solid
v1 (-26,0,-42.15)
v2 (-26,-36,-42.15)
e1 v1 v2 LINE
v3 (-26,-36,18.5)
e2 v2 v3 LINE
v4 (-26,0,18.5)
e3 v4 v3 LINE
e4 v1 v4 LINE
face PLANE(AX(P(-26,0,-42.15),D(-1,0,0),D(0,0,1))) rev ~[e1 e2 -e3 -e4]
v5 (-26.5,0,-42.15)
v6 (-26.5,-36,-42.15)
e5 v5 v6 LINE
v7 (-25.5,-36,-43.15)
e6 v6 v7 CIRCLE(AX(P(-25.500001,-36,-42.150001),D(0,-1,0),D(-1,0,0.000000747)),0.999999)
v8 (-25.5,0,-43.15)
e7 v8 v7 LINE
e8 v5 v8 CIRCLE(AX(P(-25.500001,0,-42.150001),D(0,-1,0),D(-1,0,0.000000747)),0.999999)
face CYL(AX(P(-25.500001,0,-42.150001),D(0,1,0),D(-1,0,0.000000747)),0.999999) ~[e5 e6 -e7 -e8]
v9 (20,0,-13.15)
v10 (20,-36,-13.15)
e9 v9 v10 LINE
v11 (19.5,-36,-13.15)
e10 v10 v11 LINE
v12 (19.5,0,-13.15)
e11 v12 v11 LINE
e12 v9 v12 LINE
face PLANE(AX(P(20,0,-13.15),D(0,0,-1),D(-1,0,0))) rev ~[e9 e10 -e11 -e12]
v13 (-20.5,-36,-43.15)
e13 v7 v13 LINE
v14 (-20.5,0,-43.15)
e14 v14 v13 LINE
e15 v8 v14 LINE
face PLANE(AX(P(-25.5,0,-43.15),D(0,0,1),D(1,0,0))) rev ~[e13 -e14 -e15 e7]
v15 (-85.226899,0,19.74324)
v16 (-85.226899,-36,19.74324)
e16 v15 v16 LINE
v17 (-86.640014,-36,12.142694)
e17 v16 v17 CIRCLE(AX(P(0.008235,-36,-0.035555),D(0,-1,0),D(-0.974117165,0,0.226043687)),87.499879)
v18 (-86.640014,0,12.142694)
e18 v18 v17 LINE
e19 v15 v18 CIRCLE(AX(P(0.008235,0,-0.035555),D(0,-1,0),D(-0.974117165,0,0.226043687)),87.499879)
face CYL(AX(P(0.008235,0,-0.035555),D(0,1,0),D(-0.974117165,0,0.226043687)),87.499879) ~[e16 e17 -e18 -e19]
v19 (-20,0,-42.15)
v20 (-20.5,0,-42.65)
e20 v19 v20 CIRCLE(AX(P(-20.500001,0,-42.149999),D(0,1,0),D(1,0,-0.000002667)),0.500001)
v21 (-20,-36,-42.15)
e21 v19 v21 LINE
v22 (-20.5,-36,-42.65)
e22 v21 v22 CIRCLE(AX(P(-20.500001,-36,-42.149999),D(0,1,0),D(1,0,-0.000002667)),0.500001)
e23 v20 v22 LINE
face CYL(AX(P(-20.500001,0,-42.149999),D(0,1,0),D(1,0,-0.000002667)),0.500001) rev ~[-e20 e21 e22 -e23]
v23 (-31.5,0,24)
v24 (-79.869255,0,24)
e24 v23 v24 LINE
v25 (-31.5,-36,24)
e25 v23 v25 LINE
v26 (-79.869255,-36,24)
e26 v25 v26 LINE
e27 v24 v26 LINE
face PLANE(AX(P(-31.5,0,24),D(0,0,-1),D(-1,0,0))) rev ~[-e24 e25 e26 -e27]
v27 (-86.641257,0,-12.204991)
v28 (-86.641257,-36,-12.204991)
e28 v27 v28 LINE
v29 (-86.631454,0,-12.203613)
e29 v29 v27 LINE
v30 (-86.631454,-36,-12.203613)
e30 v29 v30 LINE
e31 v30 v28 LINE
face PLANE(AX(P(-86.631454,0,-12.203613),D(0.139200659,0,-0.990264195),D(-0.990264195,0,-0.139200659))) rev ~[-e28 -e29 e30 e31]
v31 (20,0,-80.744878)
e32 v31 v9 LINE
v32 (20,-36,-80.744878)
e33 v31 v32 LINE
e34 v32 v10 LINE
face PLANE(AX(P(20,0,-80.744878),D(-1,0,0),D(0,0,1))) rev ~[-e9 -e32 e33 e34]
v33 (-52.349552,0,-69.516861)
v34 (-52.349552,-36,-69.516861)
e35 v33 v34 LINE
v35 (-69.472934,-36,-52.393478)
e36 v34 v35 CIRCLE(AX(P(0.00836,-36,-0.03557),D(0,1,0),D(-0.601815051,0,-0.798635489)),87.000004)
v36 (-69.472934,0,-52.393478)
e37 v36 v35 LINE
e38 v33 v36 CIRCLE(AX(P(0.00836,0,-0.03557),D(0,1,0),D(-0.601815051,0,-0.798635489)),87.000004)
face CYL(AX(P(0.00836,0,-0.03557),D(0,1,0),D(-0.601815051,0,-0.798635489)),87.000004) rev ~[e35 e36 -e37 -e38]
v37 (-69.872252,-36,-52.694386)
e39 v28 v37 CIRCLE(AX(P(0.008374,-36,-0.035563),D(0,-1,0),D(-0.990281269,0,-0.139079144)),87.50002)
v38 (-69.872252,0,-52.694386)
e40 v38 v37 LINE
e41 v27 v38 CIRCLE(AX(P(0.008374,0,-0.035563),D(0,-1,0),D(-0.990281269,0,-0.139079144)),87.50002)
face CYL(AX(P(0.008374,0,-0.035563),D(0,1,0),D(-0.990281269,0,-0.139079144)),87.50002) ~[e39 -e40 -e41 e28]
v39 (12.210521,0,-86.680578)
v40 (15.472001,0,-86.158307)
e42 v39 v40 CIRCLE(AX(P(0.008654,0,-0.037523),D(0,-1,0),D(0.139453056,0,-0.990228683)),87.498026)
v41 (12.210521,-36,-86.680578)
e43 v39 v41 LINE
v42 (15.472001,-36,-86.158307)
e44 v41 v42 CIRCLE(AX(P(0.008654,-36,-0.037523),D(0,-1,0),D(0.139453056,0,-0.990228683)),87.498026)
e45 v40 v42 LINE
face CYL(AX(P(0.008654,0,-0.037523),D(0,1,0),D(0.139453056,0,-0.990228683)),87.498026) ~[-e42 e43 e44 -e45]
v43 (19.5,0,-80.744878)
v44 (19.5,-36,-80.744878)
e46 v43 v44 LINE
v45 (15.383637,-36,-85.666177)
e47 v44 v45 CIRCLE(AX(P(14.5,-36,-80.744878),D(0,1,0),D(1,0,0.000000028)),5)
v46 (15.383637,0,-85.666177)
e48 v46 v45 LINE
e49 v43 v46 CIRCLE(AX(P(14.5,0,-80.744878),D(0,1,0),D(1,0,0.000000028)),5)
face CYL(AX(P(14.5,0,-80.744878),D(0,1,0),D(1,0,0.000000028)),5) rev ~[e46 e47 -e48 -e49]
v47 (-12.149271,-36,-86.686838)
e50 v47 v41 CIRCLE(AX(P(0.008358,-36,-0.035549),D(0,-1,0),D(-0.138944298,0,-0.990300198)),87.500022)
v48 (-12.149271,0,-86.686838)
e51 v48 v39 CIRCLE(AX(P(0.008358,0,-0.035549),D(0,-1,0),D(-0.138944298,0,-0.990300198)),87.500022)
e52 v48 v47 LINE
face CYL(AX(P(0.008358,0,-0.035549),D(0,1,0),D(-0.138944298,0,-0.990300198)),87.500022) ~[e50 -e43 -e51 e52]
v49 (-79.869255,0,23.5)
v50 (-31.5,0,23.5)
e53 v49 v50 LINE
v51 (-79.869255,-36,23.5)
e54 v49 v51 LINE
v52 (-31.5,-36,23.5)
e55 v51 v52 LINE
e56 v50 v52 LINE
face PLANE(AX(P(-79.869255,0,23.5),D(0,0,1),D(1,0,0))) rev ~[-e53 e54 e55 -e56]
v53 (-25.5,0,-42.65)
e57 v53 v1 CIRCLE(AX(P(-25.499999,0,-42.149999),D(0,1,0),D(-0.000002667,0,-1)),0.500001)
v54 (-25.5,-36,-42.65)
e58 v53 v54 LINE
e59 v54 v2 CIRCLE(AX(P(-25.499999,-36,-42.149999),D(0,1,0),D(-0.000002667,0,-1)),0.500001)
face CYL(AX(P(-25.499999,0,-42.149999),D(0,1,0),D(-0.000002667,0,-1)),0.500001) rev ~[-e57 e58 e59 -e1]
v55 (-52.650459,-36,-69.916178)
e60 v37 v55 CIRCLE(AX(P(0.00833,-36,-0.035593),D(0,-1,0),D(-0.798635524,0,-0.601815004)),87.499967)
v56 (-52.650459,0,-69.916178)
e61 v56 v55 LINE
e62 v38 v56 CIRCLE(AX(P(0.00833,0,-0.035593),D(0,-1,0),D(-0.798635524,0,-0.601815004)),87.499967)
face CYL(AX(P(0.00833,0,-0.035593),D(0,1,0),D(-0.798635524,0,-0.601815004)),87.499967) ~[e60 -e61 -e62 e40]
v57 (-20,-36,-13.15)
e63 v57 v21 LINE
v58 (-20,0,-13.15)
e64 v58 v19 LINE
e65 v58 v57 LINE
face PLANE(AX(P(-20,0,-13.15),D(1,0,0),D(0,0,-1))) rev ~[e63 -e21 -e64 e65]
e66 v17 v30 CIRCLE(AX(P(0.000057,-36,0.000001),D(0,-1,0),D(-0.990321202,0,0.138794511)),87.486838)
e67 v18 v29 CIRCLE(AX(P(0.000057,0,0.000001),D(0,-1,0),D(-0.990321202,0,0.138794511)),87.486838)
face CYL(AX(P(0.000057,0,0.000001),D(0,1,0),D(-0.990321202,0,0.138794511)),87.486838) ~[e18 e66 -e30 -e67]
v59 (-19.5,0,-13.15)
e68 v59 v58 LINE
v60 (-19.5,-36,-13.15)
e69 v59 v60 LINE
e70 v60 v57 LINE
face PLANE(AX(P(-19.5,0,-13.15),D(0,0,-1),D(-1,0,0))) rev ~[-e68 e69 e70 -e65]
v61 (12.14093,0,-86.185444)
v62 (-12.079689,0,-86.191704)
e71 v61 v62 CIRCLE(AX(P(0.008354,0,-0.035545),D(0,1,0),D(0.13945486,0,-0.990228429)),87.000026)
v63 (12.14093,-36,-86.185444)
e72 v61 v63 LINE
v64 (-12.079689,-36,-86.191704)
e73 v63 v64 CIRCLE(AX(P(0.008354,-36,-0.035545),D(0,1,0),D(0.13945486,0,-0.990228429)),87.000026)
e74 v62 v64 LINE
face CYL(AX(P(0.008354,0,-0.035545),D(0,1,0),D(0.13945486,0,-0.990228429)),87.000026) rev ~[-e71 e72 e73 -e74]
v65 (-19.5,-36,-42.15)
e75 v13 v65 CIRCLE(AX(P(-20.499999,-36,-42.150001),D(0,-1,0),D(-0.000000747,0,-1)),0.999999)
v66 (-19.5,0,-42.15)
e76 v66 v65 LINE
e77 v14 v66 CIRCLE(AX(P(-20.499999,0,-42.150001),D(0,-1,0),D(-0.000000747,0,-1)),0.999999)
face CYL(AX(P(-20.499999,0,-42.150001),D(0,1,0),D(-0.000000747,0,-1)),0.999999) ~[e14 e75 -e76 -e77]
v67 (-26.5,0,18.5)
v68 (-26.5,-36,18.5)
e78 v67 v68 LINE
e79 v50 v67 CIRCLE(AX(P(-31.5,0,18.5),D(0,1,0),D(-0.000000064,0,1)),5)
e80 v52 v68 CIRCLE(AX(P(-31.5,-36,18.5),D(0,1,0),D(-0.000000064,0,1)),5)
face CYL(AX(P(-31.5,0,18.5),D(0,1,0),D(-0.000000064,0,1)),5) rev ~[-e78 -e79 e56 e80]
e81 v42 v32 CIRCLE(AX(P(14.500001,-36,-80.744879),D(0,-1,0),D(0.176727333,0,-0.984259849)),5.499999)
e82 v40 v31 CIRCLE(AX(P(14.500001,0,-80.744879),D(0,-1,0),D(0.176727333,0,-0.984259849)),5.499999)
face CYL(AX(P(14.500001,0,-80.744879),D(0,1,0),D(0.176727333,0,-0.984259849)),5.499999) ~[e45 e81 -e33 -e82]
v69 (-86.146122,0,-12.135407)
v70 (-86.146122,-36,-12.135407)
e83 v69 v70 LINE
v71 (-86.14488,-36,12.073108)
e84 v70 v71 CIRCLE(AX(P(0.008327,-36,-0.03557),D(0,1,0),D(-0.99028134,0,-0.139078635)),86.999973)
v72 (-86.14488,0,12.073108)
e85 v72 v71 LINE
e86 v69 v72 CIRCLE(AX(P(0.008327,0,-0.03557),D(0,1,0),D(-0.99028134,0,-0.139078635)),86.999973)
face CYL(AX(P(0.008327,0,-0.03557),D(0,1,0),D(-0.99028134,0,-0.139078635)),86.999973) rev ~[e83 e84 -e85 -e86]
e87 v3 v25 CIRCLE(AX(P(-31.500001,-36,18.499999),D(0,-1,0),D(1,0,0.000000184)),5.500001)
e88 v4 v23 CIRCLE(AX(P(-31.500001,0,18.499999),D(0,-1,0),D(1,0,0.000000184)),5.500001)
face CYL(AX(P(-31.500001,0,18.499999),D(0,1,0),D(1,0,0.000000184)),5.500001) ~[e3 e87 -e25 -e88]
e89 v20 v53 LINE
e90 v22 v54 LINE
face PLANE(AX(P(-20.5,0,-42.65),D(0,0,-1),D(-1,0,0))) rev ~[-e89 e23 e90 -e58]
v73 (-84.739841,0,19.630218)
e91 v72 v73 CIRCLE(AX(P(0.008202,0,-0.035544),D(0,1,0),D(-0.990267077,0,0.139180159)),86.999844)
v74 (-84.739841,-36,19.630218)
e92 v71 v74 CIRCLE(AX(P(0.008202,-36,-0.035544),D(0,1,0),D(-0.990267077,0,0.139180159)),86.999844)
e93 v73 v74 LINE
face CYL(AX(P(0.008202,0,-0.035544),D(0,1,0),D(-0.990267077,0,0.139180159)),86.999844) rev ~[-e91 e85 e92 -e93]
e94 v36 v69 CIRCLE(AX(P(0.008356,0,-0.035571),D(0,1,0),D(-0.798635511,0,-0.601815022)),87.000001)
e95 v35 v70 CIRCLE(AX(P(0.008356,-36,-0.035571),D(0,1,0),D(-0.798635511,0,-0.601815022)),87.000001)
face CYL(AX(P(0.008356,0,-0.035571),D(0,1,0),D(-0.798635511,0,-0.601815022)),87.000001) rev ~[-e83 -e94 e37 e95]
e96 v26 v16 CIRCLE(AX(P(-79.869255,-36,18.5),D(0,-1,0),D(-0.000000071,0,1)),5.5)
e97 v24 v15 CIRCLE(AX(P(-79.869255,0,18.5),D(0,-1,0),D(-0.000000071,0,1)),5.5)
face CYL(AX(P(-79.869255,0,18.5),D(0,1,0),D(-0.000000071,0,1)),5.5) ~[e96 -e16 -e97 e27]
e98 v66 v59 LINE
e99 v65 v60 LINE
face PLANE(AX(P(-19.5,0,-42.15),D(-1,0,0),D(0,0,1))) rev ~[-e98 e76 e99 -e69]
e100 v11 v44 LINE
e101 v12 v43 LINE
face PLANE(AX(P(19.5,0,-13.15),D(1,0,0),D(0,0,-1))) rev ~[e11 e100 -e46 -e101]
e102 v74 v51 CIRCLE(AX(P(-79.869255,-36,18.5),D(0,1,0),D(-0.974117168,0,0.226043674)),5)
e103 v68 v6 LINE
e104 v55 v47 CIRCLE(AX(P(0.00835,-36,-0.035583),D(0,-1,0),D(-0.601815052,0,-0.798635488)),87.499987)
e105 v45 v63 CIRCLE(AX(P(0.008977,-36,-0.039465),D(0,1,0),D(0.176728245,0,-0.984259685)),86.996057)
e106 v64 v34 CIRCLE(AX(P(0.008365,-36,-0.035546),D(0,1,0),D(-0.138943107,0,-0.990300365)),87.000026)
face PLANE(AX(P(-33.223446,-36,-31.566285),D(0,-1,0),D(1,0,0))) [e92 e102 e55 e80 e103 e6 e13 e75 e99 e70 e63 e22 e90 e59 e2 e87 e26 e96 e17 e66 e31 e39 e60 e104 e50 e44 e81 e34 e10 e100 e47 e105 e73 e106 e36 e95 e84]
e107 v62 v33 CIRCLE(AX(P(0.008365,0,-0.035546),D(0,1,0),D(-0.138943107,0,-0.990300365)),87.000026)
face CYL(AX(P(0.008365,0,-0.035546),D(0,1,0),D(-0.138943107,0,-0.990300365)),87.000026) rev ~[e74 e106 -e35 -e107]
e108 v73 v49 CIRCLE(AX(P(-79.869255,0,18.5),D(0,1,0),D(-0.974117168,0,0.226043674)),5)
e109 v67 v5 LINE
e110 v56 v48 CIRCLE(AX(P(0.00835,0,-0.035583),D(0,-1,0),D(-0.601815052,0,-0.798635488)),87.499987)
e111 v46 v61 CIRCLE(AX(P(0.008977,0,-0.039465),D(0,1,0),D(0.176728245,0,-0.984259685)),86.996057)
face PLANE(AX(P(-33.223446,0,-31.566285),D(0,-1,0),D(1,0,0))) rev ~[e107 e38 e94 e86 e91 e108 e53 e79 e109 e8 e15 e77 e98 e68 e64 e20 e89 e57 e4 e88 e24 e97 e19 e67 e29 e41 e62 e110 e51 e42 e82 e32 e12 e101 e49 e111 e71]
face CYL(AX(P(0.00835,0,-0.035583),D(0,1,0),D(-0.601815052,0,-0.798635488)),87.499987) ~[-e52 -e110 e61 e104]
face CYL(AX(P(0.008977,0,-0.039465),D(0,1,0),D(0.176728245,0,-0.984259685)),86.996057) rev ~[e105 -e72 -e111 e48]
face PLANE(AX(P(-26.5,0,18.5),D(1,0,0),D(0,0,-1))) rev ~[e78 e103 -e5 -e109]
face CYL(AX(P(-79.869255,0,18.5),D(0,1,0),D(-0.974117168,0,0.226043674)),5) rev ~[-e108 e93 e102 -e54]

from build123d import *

# Parameters (mm, degrees)
F1_DEPTH = 36


with BuildPart() as f1:
    # F0 (on Front) → F1 (new body)
    with BuildSketch(Plane.XZ):
        with BuildLine():
            Line((20, -13.15), (19.5, -13.15))
            Line((19.5, -13.15), (19.5, -23.15))
            Line((19.5, -23.15), (19.5, -33.15))
            Line((19.5, -33.15), (19.5, -42.15))
            Line((19.5, -42.15), (19.5, -58.15))
            Line((19.5, -58.15), (19.5, -68.15))
            Line((19.5, -68.15), (19.5, -80.744878))
            ThreePointArc((19.5, -80.744878), (18.335243, -83.952823), (15.383637, -85.666177))
            ThreePointArc((15.383637, -85.666177), (13.764734, -85.941113), (12.14093, -86.185444))
            ThreePointArc((12.14093, -86.185444), (0.03084, -87.035568), (-12.079689, -86.191704))
            ThreePointArc((-12.079689, -86.191704), (-33.275766, -80.416957), (-52.349552, -69.516861))
            ThreePointArc((-52.349552, -69.516861), (-61.509935, -61.553861), (-69.472934, -52.393478))
            ThreePointArc((-69.472934, -52.393478), (-80.370753, -33.325193), (-86.146122, -12.135407))
            ThreePointArc((-86.146122, -12.135407), (-86.991645, -0.031106), (-86.14488, 12.073108))
            ThreePointArc((-86.14488, 12.073108), (-85.525862, 15.867188), (-84.739841, 19.630218))
            ThreePointArc((-84.739841, 19.630218), (-82.979634, 22.414785), (-79.869255, 23.5))
            Line((-79.869255, 23.5), (-60.684627, 23.5))
            Line((-60.684627, 23.5), (-50.684627, 23.5))
            Line((-50.684627, 23.5), (-31.5, 23.5))
            ThreePointArc((-31.5, 23.5), (-27.964466, 22.035534), (-26.5, 18.5))
            Line((-26.5, 18.5), (-26.5, 5))
            Line((-26.5, 5), (-26.5, -5))
            Line((-26.5, -5), (-26.5, -23.15))
            Line((-26.5, -23.15), (-26.5, -33.15))
            Line((-26.5, -33.15), (-26.5, -42.15))
            ThreePointArc((-26.5, -42.15), (-26.207107, -42.857107), (-25.5, -43.15))
            Line((-25.5, -43.15), (-20.5, -43.15))
            ThreePointArc((-20.5, -43.15), (-19.792893, -42.857107), (-19.5, -42.15))
            Line((-19.5, -42.15), (-19.5, -33.15))
            Line((-19.5, -33.15), (-19.5, -23.15))
            Line((-19.5, -23.15), (-19.5, -13.15))
            Line((-19.5, -13.15), (-20, -13.15))
            Line((-20, -13.15), (-20, -23.15))
            Line((-20, -23.15), (-20, -33.15))
            Line((-20, -33.15), (-20, -42.15))
            ThreePointArc((-20, -42.15), (-20.146447, -42.503553), (-20.5, -42.65))
            Line((-20.5, -42.65), (-25.5, -42.65))
            ThreePointArc((-25.5, -42.65), (-25.853553, -42.503553), (-26, -42.15))
            Line((-26, -42.15), (-26, -33.15))
            Line((-26, -33.15), (-26, -23.15))
            Line((-26, -23.15), (-26, -5))
            Line((-26, -5), (-26, 5))
            Line((-26, 5), (-26, 18.5))
            ThreePointArc((-26, 18.5), (-27.610913, 22.389087), (-31.5, 24))
            Line((-31.5, 24), (-50.684627, 24))
            Line((-50.684627, 24), (-60.684627, 24))
            Line((-60.684627, 24), (-79.869255, 24))
            ThreePointArc((-79.869255, 24), (-83.290671, 22.806264), (-85.226899, 19.74324))
            ThreePointArc((-85.226899, 19.74324), (-86.017438, 15.958581), (-86.640014, 12.142694))
            ThreePointArc((-86.640014, 12.142694), (-87.486776, -0.030758), (-86.631454, -12.203613))
            Line((-86.631454, -12.203613), (-86.641257, -12.204991))
            ThreePointArc((-86.641257, -12.204991), (-80.832693, -33.516534), (-69.872252, -52.694386))
            ThreePointArc((-69.872252, -52.694386), (-61.863488, -61.907415), (-52.650459, -69.916178))
            ThreePointArc((-52.650459, -69.916178), (-33.467106, -80.878898), (-12.149271, -86.686838))
            ThreePointArc((-12.149271, -86.686838), (0.030844, -87.535568), (12.210521, -86.680578))
            ThreePointArc((12.210521, -86.680578), (13.843725, -86.434834), (15.472001, -86.158307))
            ThreePointArc((15.472001, -86.158307), (18.718768, -84.273617), (20, -80.744878))
            Line((20, -80.744878), (20, -68.15))
            Line((20, -68.15), (20, -58.15))
            Line((20, -58.15), (20, -33.15))
            Line((20, -33.15), (20, -23.15))
            Line((20, -23.15), (20, -13.15))
        make_face()
    extrude(amount=F1_DEPTH)


solid = f1.part
